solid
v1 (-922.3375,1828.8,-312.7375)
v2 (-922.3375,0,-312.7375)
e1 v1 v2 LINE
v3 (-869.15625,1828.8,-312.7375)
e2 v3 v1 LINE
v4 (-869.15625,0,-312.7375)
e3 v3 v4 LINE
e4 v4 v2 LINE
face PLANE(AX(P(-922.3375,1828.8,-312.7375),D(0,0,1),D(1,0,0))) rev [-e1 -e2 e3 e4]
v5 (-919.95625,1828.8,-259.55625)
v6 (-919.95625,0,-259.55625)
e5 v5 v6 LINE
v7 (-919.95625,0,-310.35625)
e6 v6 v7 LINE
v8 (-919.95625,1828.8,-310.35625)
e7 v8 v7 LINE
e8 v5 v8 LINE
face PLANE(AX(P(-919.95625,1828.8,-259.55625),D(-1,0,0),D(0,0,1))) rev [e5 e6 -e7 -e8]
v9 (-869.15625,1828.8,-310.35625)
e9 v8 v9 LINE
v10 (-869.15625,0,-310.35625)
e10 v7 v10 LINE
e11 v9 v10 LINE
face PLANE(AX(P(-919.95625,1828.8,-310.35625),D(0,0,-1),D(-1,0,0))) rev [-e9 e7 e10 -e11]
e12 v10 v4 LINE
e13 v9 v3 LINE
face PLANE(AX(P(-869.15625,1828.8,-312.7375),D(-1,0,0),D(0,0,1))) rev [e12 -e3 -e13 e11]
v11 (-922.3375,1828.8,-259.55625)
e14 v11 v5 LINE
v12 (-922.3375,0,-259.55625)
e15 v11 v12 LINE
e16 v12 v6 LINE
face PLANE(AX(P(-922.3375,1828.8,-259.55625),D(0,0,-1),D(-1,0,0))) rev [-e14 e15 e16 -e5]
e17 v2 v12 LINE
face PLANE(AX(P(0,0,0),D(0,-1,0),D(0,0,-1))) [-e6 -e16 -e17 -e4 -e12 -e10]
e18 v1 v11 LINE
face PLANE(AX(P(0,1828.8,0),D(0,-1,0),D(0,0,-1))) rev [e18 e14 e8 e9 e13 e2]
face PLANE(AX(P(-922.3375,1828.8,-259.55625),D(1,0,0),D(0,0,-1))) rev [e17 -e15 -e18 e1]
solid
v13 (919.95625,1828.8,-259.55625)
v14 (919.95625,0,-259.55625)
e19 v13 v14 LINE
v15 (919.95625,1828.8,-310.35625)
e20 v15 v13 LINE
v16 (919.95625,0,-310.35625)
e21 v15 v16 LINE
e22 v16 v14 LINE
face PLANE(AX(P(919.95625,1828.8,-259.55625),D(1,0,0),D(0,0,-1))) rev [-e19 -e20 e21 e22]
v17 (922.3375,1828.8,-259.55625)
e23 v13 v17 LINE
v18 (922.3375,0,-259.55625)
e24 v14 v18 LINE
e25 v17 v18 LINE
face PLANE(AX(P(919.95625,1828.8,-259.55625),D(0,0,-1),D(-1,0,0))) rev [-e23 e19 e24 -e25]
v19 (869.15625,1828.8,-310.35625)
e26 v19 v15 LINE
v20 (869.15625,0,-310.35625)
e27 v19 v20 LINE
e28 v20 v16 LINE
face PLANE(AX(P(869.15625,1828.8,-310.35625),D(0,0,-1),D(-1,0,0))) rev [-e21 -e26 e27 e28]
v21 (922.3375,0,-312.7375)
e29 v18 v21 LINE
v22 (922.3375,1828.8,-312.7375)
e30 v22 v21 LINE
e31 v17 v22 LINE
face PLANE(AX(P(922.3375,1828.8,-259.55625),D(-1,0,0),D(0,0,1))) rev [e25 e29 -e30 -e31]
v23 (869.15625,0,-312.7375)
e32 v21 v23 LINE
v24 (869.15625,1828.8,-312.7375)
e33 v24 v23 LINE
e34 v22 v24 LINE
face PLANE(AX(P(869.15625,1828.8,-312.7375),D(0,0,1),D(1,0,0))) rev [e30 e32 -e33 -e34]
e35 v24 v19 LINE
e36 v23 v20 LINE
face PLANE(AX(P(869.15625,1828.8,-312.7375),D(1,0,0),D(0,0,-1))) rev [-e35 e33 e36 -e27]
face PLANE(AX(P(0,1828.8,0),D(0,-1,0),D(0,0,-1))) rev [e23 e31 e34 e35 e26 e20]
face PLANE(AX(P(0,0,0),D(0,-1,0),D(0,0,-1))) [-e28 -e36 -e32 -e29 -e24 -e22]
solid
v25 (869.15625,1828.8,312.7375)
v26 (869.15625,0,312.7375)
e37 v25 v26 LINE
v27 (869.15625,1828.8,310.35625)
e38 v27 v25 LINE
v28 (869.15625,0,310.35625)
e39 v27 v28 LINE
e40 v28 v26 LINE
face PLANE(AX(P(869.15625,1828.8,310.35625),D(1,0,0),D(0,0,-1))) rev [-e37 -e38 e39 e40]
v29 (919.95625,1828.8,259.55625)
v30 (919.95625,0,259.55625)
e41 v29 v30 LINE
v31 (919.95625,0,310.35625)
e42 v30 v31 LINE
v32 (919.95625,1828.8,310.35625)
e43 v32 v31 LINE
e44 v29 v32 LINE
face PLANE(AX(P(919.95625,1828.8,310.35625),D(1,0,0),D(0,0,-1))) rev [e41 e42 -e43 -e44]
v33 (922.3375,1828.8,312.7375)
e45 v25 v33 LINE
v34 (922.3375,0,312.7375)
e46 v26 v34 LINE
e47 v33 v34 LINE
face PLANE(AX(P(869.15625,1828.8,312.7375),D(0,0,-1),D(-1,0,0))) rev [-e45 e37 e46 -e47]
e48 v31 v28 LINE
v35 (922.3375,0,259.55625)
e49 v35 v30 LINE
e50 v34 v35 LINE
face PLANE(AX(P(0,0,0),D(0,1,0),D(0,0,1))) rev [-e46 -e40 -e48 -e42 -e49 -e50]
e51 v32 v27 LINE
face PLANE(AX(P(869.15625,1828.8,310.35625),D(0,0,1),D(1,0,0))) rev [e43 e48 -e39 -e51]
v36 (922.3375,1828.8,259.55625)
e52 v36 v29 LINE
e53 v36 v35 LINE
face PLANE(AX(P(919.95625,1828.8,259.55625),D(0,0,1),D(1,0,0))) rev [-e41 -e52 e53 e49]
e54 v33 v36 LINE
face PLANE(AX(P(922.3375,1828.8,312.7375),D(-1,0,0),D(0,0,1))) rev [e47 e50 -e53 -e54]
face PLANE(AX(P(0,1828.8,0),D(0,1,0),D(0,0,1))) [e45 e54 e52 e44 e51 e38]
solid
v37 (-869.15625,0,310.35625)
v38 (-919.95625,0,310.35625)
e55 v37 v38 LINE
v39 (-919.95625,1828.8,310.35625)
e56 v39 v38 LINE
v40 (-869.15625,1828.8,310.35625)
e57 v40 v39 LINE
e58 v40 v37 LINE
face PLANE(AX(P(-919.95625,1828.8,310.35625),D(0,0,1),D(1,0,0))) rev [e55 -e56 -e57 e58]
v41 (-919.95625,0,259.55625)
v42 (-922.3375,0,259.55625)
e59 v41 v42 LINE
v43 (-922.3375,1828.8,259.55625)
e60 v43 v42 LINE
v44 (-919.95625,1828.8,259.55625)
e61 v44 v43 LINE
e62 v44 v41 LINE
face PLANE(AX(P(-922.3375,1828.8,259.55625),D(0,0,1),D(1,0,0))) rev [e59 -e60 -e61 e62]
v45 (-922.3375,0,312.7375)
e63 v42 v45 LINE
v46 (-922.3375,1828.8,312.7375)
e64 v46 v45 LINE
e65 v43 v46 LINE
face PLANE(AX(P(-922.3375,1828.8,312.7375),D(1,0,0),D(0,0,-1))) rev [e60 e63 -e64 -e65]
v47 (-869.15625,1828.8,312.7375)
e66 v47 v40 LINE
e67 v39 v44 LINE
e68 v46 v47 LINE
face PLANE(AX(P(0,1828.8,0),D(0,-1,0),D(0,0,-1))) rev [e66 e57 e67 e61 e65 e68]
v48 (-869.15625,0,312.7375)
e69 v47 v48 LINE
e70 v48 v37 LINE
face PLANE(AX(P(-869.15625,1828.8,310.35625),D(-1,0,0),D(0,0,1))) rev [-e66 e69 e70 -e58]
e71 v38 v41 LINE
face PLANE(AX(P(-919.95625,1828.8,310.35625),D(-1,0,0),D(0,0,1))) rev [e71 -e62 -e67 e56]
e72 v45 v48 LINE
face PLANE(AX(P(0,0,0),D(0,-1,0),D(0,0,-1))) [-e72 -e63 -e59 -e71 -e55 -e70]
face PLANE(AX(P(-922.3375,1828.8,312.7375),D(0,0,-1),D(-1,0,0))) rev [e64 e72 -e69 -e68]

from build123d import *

# Parameters (mm, degrees)
BOSS_EXTRUDE1_DEPTH   = 1828.8
BOSS_EXTRUDE1_2_DEPTH = 1828.8
BOSS_EXTRUDE1_3_DEPTH = 1828.8
BOSS_EXTRUDE1_4_DEPTH = 1828.8


with BuildPart() as part:
    # Sketch1 → Boss-Extrude1 (new body)
    with BuildSketch(Plane(origin=(0, 0, 0), x_dir=(1, 0, 0), z_dir=(0, 1, 0))):
        Polygon((-922.3375, -312.7375), (-869.15625, -312.7375), (-869.15625, -310.35625), (-919.95625, -310.35625), (-919.95625, -259.55625), (-922.3375, -259.55625), align=None)
    extrude(amount=BOSS_EXTRUDE1_DEPTH)


with BuildPart() as body_2:
    # Sketch1 → Boss-Extrude1 2 (new body)
    with BuildSketch(Plane(origin=(0, 0, 0), x_dir=(1, 0, 0), z_dir=(0, 1, 0))):
        Polygon((-922.3375, 312.7375), (-869.15625, 312.7375), (-869.15625, 310.35625), (-919.95625, 310.35625), (-919.95625, 259.55625), (-922.3375, 259.55625), align=None)
    extrude(amount=BOSS_EXTRUDE1_2_DEPTH)


with BuildPart() as body_3:
    # Sketch1 → Boss-Extrude1 3 (new body)
    with BuildSketch(Plane(origin=(0, 0, 0), x_dir=(1, 0, 0), z_dir=(0, 1, 0))):
        Polygon((922.3375, -312.7375), (922.3375, -259.55625), (919.95625, -259.55625), (919.95625, -310.35625), (869.15625, -310.35625), (869.15625, -312.7375), align=None)
    extrude(amount=BOSS_EXTRUDE1_3_DEPTH)


with BuildPart() as body_4:
    # Sketch1 → Boss-Extrude1 4 (new body)
    with BuildSketch(Plane(origin=(0, 0, 0), x_dir=(1, 0, 0), z_dir=(0, 1, 0))):
        Polygon((869.15625, 312.7375), (869.15625, 310.35625), (919.95625, 310.35625), (919.95625, 259.55625), (922.3375, 259.55625), (922.3375, 312.7375), align=None)
    extrude(amount=BOSS_EXTRUDE1_4_DEPTH)


solid = Compound([part.part, body_2.part, body_3.part, body_4.part])
